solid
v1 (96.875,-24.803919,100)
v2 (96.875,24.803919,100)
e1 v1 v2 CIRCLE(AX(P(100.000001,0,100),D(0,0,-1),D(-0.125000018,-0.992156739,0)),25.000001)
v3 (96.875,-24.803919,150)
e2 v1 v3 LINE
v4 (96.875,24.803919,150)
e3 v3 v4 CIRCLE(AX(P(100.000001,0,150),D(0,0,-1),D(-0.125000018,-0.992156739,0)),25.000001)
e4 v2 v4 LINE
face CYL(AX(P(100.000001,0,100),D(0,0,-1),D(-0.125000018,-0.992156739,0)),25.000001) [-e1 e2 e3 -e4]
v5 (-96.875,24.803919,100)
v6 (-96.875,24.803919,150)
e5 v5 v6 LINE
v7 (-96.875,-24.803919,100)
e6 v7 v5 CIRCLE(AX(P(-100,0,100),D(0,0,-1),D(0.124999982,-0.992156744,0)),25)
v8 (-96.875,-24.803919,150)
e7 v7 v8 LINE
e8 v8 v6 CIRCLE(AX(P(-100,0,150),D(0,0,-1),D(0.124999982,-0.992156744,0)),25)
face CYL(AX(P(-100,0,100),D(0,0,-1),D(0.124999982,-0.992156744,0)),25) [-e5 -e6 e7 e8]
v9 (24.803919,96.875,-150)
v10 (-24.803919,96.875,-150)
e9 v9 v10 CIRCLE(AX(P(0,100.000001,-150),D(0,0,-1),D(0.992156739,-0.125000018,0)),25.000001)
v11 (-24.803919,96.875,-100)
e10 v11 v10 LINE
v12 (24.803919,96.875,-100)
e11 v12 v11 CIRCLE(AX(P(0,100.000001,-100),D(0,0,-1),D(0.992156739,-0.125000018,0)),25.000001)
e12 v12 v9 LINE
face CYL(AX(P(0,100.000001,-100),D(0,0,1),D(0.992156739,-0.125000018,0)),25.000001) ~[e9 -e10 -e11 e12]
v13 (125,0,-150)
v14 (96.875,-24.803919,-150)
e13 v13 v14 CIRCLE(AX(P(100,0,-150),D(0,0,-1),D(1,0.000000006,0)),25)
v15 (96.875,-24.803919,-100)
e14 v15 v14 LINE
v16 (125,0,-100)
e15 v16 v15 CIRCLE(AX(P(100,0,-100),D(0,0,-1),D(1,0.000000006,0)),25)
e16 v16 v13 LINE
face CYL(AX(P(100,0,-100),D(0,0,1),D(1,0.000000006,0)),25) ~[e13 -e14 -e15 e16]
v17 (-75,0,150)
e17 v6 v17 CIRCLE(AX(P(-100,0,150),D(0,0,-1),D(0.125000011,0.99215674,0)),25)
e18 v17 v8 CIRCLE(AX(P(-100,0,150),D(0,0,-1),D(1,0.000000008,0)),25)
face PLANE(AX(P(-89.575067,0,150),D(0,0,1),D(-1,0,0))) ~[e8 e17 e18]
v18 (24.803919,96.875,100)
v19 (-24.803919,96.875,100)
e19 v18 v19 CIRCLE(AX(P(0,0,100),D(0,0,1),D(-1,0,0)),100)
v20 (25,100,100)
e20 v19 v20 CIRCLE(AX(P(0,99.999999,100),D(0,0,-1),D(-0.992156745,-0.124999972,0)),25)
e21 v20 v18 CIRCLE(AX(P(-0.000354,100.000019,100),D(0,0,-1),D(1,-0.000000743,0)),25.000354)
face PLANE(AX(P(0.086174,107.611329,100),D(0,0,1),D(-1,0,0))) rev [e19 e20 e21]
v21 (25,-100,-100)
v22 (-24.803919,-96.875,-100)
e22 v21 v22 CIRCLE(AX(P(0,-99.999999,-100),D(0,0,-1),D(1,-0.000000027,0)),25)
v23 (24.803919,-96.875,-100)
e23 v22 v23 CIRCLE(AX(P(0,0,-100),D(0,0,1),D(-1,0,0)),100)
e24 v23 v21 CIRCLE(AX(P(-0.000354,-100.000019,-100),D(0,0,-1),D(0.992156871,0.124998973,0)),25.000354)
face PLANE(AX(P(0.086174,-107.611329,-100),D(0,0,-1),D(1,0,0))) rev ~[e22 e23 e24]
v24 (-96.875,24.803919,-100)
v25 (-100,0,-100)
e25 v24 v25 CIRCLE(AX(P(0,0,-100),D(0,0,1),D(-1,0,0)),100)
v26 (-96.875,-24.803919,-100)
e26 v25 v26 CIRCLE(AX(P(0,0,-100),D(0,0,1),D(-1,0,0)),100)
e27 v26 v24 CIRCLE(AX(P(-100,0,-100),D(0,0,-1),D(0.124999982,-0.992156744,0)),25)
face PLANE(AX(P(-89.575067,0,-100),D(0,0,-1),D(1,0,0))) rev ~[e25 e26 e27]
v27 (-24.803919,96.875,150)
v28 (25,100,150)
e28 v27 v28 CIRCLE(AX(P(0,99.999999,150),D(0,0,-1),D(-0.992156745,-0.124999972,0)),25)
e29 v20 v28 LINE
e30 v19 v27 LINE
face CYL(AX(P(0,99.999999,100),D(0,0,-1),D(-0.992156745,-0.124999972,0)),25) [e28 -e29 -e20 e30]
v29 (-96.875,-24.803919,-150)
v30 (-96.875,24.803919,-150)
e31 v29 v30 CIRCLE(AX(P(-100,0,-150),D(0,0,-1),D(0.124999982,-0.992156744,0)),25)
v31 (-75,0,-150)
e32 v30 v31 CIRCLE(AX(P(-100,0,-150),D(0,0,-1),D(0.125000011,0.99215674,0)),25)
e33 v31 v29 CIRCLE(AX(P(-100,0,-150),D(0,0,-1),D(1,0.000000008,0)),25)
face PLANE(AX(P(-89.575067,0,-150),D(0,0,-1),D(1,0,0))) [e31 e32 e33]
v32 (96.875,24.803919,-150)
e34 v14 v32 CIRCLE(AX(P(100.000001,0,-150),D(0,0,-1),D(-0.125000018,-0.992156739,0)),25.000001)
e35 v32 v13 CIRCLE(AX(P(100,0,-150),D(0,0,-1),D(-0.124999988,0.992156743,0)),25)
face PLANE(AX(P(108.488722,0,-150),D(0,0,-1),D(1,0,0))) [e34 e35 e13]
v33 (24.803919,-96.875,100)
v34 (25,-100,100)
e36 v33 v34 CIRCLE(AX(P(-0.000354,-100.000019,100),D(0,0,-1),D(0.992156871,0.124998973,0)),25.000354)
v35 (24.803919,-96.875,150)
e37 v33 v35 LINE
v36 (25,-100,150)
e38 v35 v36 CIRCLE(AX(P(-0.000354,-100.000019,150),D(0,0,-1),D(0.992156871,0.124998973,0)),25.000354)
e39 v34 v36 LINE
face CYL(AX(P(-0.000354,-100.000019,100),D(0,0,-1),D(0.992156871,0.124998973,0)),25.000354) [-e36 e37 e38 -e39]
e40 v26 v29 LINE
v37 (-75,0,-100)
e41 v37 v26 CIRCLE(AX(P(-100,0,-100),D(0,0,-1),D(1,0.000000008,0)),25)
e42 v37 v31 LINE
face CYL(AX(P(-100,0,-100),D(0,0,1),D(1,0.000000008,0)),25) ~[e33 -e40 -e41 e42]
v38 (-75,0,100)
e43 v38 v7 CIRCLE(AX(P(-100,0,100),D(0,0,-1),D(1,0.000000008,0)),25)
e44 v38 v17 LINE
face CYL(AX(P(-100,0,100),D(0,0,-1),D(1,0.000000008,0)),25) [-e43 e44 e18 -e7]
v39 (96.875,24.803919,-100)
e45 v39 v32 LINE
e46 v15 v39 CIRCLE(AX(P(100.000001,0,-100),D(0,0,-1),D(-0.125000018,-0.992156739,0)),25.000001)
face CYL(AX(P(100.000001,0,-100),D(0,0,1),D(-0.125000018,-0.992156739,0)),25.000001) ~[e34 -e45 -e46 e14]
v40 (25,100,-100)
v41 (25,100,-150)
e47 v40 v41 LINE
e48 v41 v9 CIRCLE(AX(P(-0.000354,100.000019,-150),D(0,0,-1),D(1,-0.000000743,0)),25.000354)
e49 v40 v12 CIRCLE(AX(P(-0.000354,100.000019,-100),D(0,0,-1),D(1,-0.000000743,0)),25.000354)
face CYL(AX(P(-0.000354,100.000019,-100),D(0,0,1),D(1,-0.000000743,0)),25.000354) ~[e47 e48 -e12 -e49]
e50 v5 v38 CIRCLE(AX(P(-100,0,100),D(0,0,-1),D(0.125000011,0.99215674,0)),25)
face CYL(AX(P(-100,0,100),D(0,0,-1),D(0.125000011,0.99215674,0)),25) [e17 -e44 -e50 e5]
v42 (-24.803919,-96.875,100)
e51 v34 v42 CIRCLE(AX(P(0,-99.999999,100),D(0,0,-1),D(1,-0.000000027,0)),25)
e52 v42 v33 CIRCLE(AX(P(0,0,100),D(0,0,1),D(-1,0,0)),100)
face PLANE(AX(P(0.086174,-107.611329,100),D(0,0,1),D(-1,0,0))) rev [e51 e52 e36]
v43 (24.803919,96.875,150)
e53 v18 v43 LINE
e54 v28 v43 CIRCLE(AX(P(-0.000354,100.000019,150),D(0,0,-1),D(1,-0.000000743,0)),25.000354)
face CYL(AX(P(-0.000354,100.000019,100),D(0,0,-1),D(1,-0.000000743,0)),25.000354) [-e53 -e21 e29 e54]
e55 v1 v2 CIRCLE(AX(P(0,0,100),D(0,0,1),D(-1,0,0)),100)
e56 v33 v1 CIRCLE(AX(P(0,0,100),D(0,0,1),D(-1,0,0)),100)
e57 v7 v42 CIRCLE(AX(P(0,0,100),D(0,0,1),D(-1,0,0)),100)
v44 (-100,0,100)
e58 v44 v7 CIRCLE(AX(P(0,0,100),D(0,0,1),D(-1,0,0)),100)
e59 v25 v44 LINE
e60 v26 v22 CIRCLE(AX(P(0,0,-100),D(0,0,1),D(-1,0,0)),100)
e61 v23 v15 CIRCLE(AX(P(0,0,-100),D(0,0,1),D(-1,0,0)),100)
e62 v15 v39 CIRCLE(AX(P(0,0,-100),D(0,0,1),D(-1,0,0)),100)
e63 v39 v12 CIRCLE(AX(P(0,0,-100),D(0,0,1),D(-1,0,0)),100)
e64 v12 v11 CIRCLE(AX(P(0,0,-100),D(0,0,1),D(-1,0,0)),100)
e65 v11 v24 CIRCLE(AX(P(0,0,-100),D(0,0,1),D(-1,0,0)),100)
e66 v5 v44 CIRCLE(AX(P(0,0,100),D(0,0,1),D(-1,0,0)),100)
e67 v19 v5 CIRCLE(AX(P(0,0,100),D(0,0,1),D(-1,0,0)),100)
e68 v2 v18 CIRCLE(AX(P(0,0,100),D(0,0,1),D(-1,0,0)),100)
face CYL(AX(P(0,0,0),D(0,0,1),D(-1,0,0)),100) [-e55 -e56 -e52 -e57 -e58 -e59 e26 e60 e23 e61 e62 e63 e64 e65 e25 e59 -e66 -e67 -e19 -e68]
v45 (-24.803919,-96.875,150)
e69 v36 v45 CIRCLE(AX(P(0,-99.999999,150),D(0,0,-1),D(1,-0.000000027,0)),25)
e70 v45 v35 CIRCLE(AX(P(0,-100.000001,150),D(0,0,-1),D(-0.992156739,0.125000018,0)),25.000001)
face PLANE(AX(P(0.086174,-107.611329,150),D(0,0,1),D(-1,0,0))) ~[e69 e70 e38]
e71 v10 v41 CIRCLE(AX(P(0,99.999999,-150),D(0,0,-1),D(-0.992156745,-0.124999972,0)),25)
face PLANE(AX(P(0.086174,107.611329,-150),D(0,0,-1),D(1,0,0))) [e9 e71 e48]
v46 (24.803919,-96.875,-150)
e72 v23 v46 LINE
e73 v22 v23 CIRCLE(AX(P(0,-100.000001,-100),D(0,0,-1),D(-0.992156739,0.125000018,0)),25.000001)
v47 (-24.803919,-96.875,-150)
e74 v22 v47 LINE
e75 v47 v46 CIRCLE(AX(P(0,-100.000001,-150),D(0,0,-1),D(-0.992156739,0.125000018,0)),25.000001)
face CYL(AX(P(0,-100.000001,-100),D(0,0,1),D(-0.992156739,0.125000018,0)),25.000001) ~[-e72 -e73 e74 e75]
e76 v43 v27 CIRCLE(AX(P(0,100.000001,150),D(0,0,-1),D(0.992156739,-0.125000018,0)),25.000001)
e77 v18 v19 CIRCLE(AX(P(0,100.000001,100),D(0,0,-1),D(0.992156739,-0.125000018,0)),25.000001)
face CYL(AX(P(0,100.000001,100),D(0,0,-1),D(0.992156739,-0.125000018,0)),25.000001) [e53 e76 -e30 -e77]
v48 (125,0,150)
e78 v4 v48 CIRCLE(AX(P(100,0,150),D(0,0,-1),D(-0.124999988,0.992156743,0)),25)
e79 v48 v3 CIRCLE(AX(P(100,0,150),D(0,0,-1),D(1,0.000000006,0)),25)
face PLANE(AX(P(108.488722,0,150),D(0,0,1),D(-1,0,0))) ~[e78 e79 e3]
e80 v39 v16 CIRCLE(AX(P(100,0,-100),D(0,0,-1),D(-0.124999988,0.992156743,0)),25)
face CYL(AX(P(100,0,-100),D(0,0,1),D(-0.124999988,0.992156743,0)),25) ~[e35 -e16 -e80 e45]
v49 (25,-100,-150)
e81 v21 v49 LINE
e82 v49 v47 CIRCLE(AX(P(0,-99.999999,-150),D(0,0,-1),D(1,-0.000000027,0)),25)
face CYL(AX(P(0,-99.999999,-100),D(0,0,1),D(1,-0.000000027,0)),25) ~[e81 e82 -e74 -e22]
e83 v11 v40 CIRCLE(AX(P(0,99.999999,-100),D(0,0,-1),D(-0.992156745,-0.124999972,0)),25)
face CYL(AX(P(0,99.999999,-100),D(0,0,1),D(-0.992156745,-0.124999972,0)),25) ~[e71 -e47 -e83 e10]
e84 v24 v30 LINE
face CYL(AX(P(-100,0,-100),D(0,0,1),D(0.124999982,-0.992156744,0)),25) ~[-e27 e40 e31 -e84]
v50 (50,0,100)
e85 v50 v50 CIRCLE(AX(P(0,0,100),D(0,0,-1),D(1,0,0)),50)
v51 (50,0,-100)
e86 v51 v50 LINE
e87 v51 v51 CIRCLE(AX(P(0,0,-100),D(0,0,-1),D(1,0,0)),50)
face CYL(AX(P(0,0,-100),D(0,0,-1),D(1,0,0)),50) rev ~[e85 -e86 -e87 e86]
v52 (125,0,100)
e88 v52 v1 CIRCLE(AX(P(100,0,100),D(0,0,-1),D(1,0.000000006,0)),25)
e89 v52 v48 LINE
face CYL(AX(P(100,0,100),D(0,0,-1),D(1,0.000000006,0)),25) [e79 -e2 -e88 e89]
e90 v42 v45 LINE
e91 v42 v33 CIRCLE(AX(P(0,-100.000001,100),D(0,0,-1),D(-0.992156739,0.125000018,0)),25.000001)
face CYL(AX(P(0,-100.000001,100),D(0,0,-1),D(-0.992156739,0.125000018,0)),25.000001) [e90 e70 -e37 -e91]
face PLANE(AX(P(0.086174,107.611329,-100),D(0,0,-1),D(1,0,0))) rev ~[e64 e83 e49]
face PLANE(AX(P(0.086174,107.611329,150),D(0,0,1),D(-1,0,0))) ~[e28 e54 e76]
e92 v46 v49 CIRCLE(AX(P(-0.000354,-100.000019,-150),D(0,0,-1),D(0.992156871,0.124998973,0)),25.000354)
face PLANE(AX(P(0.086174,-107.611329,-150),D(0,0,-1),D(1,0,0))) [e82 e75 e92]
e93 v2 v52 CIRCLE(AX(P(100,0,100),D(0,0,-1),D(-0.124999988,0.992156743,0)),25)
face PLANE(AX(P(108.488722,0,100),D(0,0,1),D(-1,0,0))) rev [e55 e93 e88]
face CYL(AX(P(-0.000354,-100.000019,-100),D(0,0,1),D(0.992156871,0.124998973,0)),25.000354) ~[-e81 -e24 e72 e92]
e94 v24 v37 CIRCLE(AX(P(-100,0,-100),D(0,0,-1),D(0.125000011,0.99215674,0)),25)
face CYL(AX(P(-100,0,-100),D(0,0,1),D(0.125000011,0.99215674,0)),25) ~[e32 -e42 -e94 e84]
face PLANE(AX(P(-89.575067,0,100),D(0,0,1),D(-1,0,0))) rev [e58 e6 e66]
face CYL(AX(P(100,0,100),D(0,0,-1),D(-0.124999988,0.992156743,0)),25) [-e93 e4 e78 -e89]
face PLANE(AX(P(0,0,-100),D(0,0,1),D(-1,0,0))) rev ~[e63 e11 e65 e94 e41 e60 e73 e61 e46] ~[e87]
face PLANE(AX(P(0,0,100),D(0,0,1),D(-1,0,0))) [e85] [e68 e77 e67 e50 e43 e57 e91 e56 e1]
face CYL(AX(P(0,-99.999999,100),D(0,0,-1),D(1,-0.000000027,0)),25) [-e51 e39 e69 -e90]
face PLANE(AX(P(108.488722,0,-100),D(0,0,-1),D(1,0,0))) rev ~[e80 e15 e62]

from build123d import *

# Parameters (mm, degrees)
F0_W     = 100
F0_H     = 200
F2_R     = 50
F3_DEPTH = 200
F5_DEPTH = 50


with BuildPart() as f1:
    # F0 (on Front) → F1 (revolve)
    with BuildSketch(Plane.XZ):
        with Locations((-50, 0)):
            Rectangle(F0_W, F0_H)
    revolve(axis=Axis((0, 0, 0), (0, 0, 1)))

    # F2 (on face) → F3 (cut)
    with BuildSketch(Plane(origin=(0, 0, -100), x_dir=(1, 0, 0), z_dir=(0, 0, -1))):
        Circle(F2_R)
    extrude(amount=-F3_DEPTH, mode=Mode.SUBTRACT)

    # F4 (on face) → F5 (join)
    with BuildSketch(Plane(origin=(0, 0, -100), x_dir=(1, 0, 0), z_dir=(0, 0, -1))):
        with BuildLine():
            ThreePointArc((-96.875, 24.803919), (-100, 0), (-96.875, -24.803919))
            ThreePointArc((-96.875, -24.803919), (-81.25, -16.535946), (-75, 0))
            ThreePointArc((-75, 0), (-81.25, 16.535946), (-96.875, 24.803919))
        make_face()
        with BuildLine():
            ThreePointArc((-96.875, 24.803919), (-125, 0), (-96.875, -24.803919))
            ThreePointArc((-96.875, -24.803919), (-100, 0), (-96.875, 24.803919))
        make_face()
        with BuildLine():
            ThreePointArc((-24.803919, -96.875), (-1.565573, -124.950931), (25, -100))
            ThreePointArc((25, -100), (24.950931, -98.434427), (24.803919, -96.875))
            ThreePointArc((24.803919, -96.875), (0, -100), (-24.803919, -96.875))
        make_face()
        with BuildLine():
            ThreePointArc((-24.803919, -96.875), (0, -100), (24.803919, -96.875))
            ThreePointArc((24.803919, -96.875), (0, -75), (-24.803919, -96.875))
        make_face()
        with BuildLine():
            ThreePointArc((-24.803919, 96.875), (0, 100), (24.803919, 96.875))
            ThreePointArc((24.803919, 96.875), (24.950931, 98.434427), (25, 100))
            ThreePointArc((25, 100), (-1.565573, 124.950931), (-24.803919, 96.875))
        make_face()
        with BuildLine():
            ThreePointArc((-24.803919, 96.875), (0, 75), (24.803919, 96.875))
            ThreePointArc((24.803919, 96.875), (0, 100), (-24.803919, 96.875))
        make_face()
        with BuildLine():
            ThreePointArc((100, 0), (99.215674, -12.5), (96.875, -24.803919))
            ThreePointArc((96.875, -24.803919), (116.535946, -18.75), (125, 0))
            ThreePointArc((125, 0), (116.535946, 18.75), (96.875, 24.803919))
            ThreePointArc((96.875, 24.803919), (99.215674, 12.5), (100, 0))
        make_face()
        with BuildLine():
            ThreePointArc((96.875, 24.803919), (75, 0), (96.875, -24.803919))
            ThreePointArc((96.875, -24.803919), (99.215674, -12.5), (100, 0))
            ThreePointArc((100, 0), (99.215674, 12.5), (96.875, 24.803919))
        make_face()
    extrude(amount=F5_DEPTH)

    # F6: F1 across plane


with BuildPart() as f1_1:
    add(f1.part)
    add(f1.part.mirror(Plane.XY))


solid = f1_1.part
